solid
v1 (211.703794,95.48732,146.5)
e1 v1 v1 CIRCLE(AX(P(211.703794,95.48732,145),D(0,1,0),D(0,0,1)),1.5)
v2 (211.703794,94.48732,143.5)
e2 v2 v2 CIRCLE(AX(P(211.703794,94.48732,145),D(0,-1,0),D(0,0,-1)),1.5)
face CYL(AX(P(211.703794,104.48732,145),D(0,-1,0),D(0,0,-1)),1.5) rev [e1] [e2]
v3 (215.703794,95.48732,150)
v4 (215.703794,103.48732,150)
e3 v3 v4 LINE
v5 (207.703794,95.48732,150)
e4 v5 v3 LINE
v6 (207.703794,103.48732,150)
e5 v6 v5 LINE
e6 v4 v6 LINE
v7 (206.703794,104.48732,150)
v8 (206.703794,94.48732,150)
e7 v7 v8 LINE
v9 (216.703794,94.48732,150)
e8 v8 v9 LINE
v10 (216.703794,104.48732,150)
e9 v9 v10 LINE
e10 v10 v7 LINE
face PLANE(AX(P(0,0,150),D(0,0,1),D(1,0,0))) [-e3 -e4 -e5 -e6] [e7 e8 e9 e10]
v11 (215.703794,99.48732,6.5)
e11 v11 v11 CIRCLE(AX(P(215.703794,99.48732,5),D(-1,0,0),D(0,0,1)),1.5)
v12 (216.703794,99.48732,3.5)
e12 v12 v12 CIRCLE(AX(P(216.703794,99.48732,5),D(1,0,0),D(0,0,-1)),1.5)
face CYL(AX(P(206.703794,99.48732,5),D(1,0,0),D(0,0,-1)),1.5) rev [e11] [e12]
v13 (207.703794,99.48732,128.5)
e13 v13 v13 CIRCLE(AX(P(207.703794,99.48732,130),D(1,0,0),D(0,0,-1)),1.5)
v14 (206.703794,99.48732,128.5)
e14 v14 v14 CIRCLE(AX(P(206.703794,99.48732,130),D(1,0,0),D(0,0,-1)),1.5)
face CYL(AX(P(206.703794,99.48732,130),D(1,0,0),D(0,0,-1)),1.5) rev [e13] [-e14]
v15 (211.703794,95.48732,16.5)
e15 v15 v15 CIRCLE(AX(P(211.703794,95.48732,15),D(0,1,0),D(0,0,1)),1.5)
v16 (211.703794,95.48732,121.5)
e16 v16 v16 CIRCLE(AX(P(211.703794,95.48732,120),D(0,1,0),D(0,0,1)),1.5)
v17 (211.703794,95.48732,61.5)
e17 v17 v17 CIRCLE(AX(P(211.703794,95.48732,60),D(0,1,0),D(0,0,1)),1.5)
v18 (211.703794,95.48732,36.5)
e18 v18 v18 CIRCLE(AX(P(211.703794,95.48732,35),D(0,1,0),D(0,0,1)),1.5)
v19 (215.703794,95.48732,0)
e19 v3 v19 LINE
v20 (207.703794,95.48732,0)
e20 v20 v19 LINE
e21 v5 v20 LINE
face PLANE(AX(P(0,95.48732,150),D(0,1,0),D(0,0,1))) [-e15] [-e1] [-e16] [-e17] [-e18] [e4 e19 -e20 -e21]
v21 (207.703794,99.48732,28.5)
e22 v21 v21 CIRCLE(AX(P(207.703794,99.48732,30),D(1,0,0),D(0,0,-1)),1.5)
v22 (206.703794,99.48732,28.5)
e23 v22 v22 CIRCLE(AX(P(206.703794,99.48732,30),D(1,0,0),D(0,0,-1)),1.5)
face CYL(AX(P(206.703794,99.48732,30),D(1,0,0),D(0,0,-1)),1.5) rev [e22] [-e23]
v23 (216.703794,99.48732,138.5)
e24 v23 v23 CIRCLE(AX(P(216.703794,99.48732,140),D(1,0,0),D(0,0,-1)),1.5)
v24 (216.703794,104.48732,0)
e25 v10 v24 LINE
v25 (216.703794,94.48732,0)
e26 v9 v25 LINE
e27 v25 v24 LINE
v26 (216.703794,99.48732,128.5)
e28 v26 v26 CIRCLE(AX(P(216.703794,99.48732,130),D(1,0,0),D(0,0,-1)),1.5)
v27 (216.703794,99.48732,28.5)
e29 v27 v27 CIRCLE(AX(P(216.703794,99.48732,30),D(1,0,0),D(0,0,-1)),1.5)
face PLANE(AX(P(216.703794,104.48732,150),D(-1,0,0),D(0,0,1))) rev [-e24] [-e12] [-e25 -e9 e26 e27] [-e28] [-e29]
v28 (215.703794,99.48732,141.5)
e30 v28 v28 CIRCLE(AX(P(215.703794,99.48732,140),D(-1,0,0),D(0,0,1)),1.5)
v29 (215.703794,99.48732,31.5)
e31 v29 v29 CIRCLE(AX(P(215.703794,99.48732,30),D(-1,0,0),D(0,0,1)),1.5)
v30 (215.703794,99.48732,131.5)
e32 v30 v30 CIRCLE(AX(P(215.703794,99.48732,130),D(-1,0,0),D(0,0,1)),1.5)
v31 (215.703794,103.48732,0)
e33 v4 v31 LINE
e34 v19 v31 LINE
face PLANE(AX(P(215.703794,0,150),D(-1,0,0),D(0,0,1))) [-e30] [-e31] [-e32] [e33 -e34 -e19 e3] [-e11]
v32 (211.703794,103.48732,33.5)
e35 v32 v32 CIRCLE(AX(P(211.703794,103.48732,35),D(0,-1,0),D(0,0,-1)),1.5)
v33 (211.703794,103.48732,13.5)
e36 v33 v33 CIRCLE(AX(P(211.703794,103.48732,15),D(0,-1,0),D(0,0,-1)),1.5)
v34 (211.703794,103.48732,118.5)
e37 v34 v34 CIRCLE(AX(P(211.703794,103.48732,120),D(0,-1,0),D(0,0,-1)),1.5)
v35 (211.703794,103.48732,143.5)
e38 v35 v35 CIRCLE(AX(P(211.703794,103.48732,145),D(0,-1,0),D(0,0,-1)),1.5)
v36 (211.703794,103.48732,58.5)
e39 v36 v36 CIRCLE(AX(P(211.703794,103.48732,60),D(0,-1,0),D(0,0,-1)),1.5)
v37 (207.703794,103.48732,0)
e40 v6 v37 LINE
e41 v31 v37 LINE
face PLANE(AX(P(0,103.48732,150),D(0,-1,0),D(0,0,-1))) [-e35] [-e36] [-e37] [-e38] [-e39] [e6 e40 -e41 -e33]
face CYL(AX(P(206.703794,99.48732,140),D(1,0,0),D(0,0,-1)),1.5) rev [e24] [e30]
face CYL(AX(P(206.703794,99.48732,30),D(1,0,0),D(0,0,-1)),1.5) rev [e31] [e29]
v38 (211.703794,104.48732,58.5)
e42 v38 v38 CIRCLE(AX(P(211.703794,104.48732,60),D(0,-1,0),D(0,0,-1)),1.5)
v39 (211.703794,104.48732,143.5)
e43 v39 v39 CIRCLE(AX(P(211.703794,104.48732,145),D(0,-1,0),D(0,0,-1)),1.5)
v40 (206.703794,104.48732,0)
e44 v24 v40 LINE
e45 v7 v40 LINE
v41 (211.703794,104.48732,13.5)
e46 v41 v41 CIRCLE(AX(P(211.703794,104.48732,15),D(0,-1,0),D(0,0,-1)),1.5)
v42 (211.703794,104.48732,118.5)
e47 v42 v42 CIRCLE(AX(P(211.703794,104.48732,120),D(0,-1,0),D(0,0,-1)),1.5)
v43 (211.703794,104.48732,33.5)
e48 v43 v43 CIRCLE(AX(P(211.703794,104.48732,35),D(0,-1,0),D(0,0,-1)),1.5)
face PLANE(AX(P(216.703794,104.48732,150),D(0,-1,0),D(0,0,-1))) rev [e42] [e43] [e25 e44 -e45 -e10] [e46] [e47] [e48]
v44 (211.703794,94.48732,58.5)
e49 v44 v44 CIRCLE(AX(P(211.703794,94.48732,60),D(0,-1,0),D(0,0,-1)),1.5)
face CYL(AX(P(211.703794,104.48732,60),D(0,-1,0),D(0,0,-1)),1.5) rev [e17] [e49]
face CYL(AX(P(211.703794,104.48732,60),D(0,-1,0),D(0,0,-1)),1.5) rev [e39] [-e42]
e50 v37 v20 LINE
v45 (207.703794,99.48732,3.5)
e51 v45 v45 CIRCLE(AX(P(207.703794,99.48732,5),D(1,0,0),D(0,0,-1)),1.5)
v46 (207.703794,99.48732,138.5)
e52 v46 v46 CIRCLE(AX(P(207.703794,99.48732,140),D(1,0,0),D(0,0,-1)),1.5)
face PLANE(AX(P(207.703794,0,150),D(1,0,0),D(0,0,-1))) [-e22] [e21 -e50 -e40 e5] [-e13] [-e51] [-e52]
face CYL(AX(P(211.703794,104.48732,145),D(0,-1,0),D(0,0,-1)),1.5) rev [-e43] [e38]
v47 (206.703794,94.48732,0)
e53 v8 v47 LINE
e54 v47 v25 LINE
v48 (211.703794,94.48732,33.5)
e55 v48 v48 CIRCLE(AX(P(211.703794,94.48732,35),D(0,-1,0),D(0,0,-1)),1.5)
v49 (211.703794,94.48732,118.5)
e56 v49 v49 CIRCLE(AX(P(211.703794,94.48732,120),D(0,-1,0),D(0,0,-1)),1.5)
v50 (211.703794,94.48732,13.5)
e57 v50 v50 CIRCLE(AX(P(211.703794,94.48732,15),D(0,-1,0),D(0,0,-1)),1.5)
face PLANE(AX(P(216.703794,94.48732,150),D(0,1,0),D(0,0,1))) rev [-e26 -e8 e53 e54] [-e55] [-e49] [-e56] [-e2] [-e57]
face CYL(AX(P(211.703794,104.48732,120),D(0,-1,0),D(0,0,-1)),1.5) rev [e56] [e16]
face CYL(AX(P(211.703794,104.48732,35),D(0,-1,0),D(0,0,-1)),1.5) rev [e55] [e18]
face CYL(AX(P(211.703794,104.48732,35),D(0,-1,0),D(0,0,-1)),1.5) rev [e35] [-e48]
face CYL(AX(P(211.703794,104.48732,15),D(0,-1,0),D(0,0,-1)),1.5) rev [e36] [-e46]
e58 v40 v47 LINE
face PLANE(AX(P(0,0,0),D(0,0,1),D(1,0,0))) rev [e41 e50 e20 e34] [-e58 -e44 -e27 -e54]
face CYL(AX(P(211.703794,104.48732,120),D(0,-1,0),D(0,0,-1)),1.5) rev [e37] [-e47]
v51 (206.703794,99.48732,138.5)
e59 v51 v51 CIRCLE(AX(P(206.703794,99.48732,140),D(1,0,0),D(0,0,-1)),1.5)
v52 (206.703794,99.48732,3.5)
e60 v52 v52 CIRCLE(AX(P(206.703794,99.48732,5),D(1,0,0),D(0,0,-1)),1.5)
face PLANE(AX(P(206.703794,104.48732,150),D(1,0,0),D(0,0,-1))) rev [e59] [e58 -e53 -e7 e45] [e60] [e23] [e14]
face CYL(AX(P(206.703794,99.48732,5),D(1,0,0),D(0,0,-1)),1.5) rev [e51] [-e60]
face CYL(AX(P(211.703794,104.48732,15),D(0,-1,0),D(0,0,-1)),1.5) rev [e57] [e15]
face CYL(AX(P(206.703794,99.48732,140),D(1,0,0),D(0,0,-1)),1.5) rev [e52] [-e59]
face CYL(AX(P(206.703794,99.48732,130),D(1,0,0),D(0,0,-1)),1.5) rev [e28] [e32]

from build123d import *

# Parameters (mm, degrees)
SKETCH_1_W          = 10
SKETCH_1_H          = 10
SKETCH_1_W_2        = 8
SKETCH_1_H_2        = 8
EXTRUDE_1_DEPTH     = 150
SKETCH_2_R          = 1.5
CUT_EXTRUDE_1_DEPTH = 11
SKETCH_3_R          = 1.5
CUT_EXTRUDE_2_DEPTH = 11


with BuildPart() as part:
    # 草图1 → 拉伸-薄壁1 (new body)
    with BuildSketch(Plane.XY):
        with Locations((211.703793946, 99.48732034)):
            Rectangle(SKETCH_1_W, SKETCH_1_H)
        with Locations((211.703793946, 99.48732034)):
            Rectangle(SKETCH_1_W_2, SKETCH_1_H_2, mode=Mode.SUBTRACT)
    extrude(amount=EXTRUDE_1_DEPTH)

    # 草图2 → 切除-拉伸1 (cut, through all)
    with BuildSketch(Plane(origin=(216.703793946, 0, 0), x_dir=(0, 0, -1), z_dir=(1, 0, 0))):
        with Locations((-30, 99.48732034)):
            Circle(SKETCH_2_R)
        with Locations((-5, 99.48732034)):
            Circle(SKETCH_2_R)
        with Locations((-130, 99.48732034)):
            Circle(SKETCH_2_R)
        with Locations((-140, 99.48732034)):
            Circle(SKETCH_2_R)
    extrude(amount=-CUT_EXTRUDE_1_DEPTH, mode=Mode.SUBTRACT)

    # 草图3 → 切除-拉伸2 (cut, through all)
    with BuildSketch(Plane.XZ.offset(-94.48732034)):
        with Locations((211.703793946, 120)):
            Circle(SKETCH_3_R)
        with Locations((211.703793946, 35)):
            Circle(SKETCH_3_R)
        with Locations((211.703793946, 145)):
            Circle(SKETCH_3_R)
        with Locations((211.703793946, 60)):
            Circle(SKETCH_3_R)
        with Locations((211.703793946, 15)):
            Circle(SKETCH_3_R)
    extrude(amount=-CUT_EXTRUDE_2_DEPTH, mode=Mode.SUBTRACT)


solid = part.part
